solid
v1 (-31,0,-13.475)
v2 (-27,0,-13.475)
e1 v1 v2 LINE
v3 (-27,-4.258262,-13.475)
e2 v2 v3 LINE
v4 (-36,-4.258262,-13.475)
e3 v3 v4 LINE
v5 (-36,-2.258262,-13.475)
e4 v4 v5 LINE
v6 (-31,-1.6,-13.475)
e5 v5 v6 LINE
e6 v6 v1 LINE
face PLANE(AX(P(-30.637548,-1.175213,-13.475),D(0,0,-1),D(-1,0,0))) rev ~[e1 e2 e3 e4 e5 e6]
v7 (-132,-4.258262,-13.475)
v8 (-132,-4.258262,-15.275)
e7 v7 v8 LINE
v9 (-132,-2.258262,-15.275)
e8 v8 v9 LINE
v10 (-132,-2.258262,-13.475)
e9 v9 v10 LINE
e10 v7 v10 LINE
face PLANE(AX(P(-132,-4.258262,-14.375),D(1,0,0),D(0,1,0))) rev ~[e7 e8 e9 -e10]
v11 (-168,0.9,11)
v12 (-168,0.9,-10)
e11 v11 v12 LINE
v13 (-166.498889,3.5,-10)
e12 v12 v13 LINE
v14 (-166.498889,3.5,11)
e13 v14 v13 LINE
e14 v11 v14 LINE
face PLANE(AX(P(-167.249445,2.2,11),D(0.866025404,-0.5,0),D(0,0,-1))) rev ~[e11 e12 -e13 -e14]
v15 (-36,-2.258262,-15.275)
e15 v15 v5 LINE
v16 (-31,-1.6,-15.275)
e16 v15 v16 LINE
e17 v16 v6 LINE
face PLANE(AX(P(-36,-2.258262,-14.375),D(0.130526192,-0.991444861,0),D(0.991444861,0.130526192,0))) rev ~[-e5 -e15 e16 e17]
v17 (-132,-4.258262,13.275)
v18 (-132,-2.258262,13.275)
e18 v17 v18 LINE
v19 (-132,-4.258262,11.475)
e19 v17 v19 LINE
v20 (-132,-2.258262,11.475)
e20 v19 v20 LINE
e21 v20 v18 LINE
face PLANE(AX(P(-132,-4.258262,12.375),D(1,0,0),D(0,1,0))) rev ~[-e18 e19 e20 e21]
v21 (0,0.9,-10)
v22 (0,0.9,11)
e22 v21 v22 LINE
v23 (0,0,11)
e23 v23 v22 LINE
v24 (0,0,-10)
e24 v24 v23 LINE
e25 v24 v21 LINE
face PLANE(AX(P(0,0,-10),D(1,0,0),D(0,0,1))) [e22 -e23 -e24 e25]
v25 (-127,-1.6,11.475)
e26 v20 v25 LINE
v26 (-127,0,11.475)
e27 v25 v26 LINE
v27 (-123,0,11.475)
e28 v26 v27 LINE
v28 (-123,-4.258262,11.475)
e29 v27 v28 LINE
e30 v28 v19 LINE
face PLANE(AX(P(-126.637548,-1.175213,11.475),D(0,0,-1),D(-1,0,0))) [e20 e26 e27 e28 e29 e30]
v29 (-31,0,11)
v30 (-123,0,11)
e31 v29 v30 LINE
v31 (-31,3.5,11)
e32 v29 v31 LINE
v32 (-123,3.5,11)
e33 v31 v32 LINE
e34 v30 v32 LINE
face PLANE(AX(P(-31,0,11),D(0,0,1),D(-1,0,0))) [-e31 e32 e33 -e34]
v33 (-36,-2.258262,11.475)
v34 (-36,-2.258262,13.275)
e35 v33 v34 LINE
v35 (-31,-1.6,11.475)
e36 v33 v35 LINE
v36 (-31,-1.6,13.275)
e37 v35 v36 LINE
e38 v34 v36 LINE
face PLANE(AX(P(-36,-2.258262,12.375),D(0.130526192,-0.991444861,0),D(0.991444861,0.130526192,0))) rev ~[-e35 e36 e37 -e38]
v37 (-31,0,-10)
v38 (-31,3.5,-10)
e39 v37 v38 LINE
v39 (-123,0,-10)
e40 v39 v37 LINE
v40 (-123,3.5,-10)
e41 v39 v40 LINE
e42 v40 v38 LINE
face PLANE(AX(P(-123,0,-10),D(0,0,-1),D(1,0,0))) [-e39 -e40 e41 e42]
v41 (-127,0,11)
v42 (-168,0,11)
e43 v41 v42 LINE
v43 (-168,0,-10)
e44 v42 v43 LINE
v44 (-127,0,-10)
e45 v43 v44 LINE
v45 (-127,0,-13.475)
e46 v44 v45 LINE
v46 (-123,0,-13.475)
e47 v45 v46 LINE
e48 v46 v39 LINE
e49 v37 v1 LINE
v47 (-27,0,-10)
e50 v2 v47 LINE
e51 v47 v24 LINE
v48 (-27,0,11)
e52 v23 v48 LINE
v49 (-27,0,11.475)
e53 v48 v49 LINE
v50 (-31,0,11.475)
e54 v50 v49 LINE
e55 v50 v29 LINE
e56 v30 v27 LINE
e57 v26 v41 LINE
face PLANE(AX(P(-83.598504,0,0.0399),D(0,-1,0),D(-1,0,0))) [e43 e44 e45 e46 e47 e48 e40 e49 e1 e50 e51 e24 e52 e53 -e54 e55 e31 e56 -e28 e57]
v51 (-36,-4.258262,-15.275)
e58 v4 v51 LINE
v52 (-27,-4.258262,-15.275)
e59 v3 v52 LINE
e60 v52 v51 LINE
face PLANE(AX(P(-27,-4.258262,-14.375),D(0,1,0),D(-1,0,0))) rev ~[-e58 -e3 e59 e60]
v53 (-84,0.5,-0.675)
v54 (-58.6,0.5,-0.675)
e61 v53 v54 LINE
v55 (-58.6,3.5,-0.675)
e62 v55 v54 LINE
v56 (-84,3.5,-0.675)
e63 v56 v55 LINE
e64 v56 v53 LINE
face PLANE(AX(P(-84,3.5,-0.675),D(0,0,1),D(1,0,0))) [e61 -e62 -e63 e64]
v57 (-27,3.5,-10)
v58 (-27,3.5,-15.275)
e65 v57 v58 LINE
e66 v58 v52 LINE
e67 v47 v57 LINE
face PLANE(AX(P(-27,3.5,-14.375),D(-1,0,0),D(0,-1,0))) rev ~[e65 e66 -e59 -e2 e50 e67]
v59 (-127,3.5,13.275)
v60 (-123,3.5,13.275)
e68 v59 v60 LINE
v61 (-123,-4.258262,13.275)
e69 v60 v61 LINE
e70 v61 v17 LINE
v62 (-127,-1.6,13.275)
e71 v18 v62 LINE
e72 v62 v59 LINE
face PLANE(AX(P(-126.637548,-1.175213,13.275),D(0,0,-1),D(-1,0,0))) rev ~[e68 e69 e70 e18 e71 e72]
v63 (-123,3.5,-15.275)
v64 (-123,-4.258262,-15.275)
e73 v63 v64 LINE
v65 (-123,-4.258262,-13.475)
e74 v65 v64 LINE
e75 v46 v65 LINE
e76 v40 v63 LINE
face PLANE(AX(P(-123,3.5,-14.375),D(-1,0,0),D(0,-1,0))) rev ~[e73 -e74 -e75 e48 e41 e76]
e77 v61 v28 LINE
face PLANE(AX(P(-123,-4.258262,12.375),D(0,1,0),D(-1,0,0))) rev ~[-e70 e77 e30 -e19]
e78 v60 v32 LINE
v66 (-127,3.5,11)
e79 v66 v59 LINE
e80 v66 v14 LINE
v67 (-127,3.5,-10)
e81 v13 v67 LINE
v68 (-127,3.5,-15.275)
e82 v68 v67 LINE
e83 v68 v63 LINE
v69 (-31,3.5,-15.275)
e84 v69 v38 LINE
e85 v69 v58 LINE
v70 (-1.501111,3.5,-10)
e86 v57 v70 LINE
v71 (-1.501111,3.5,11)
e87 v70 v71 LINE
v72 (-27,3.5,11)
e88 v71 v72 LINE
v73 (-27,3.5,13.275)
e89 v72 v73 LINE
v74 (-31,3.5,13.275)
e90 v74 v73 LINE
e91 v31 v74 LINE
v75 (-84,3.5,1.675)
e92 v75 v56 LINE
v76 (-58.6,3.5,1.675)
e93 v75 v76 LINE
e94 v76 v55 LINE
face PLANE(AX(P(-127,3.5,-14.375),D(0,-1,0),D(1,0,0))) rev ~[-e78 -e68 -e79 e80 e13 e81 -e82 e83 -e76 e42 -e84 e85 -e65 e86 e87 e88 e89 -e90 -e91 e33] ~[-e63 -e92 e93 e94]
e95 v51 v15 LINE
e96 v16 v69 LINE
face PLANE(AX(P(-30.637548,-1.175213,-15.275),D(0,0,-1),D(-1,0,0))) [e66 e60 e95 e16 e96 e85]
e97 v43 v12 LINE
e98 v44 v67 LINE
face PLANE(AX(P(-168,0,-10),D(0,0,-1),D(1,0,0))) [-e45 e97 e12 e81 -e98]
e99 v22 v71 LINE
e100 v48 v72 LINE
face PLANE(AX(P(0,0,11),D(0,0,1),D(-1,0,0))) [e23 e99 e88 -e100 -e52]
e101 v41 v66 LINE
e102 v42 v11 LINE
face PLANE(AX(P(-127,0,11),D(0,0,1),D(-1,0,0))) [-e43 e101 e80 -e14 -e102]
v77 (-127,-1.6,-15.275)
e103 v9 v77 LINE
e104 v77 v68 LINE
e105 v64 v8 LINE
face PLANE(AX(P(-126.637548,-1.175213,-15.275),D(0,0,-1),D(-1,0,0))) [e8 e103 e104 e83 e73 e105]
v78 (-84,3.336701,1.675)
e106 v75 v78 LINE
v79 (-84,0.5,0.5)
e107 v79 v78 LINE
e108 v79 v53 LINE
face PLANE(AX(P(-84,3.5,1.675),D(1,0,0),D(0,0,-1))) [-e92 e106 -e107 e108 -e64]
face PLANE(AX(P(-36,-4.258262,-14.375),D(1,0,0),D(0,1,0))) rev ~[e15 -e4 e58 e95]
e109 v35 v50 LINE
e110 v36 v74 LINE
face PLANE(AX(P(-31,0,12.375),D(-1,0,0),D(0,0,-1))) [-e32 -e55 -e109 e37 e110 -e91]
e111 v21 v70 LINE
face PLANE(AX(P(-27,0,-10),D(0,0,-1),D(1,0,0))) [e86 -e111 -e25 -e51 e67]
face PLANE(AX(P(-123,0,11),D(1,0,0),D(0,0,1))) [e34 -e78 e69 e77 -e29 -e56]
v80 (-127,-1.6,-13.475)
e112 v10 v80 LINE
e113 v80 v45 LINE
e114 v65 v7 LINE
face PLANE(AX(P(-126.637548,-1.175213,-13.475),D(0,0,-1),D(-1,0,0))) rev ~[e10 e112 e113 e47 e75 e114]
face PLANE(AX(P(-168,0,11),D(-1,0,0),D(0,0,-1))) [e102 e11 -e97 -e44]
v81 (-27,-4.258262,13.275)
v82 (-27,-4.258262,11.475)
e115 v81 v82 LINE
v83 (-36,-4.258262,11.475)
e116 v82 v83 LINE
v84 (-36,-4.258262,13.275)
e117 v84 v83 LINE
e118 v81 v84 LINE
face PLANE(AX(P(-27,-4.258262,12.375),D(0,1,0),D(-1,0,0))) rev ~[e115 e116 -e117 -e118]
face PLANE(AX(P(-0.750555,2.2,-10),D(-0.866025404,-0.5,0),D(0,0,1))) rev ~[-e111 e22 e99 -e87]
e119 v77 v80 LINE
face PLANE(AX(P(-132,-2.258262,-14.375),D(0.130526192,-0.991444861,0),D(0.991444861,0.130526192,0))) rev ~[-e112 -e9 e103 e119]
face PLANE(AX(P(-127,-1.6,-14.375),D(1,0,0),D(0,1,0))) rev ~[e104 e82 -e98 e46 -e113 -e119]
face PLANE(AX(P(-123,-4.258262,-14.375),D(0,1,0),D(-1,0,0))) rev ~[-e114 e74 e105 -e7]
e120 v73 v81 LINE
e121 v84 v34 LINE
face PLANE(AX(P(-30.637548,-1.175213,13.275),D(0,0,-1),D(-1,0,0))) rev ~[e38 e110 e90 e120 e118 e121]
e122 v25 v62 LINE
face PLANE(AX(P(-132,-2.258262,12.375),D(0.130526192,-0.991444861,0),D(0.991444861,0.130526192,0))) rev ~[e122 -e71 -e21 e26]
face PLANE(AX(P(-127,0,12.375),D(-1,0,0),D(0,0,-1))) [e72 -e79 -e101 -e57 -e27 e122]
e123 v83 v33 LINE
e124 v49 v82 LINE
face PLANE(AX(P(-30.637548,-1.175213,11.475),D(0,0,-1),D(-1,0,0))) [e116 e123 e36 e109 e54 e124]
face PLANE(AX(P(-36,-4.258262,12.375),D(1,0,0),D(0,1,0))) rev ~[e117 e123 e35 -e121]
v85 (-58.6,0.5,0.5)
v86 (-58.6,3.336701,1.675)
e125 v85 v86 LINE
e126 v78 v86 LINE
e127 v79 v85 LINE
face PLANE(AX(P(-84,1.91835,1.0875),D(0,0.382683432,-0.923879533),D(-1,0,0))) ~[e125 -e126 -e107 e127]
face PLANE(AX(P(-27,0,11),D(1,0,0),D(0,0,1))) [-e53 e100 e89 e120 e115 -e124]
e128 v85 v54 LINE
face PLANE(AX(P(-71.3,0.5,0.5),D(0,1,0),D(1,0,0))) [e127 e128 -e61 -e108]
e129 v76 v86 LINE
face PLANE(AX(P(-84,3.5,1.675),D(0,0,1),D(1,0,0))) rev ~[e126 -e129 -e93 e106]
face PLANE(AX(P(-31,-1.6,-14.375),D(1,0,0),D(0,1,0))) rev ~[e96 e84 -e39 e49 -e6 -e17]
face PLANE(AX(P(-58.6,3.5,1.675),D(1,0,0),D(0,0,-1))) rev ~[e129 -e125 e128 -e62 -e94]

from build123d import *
from OCP.BRepFilletAPI import BRepFilletAPI_MakeChamfer

# Parameters (mm, degrees)
THICKNESS_EXTRUDE_DEPTH     = 3.5
HOOK_1_EXTRUDE_DEPTH        = 0.9
HOOK_START                  = -26.75
HOOK_2_EXTRUDE_DEPTH        = 0.9
HOOK_PATTERN_COUNT          = 2
HOOK_PATTERN_PITCH          = 96
HANDLE_SKETCH_W             = 25.4
HANDLE_SKETCH_H             = 2.35
HANDLE_SLOT_CUT_DEPTH       = 3
HANDLE_SLOT_CHAMFER_1_SIZE  = 1.175
HANDLE_SLOT_CHAMFER_1_SIZE2 = 2.836700936
END_CHAMFERS_SIZE           = 2.6
END_CHAMFERS_SIZE2          = 1.5011107


with BuildPart() as part:
    # Top Sketch → Thickness Extrude (new body)
    with BuildSketch(Plane(origin=(0, 0, 0), x_dir=(1, 0, 0), z_dir=(0, 1, 0))):
        Polygon((-27, -11), (-27, -12.375), (-31, -12.375), (-31, -11), (-123, -11), (-123, -12.375), (-127, -12.375), (-127, -11), (-168, -11), (-168, 10), (-127, 10), (-127, 14.375), (-123, 14.375), (-123, 10), (-31, 10), (-31, 14.375), (-27, 14.375), (-27, 10), (0, 10), (0, -11), align=None)
    extrude(amount=THICKNESS_EXTRUDE_DEPTH)


with BuildPart() as body_2:
    # Hook Sketch → Hook 1 Extrude (new, symmetric)
    with BuildSketch(Plane.XY.offset(12.375)):
        Polygon((-31, 3.5), (-27, 3.5), (-27, -4.258262488), (-36, -4.258262488), (-36, -2.258262488), (-31, -1.6), align=None)
    hook_1_extrude = extrude(amount=HOOK_1_EXTRUDE_DEPTH, both=True)


with BuildPart() as body_3:
    # Hook Sketch<2> → Hook 2 Extrude (new, symmetric)
    with BuildSketch(Plane.XY.offset(12.375).offset(HOOK_START)):
        Polygon((-31, 3.5), (-27, 3.5), (-27, -4.258262488), (-36, -4.258262488), (-36, -2.258262488), (-31, -1.6), align=None)
    hook_2_extrude = extrude(amount=HOOK_2_EXTRUDE_DEPTH, both=True)


with BuildPart() as hook_pattern_1:
    # Hook Pattern: pattern copy
    add(hook_1_extrude.moved(Location(Vector(-1, 0, 0) * (1 * HOOK_PATTERN_PITCH))))


with BuildPart() as hook_pattern_2:
    # Hook Pattern: pattern copy
    add(hook_2_extrude.moved(Location(Vector(-1, 0, 0) * (1 * HOOK_PATTERN_PITCH))))


with BuildPart() as part_1:
    add(part.part)

    # Combine Bodies: union body 2, body 3, Hook Pattern_1, Hook Pattern_2
    add(body_2.part)
    add(body_3.part)
    add(hook_pattern_1.part)
    add(hook_pattern_2.part)

    # Handle Sketch → Handle Slot Cut (cut)
    with BuildSketch(Plane(origin=(0, 3.5, 0), x_dir=(1, 0, 0), z_dir=(0, 1, 0))):
        with Locations((-71.3, -0.5)):
            Rectangle(HANDLE_SKETCH_W, HANDLE_SKETCH_H)
    extrude(amount=-HANDLE_SLOT_CUT_DEPTH, mode=Mode.SUBTRACT)

    # Handle Slot Chamfer 1
    handle_slot_chamfer_1_edges = [part_1.edges().sort_by_distance(p)[0] for p in [
        (-71.3, 0.5, 1.675),
    ]]
    handle_slot_chamfer_1_side = [part_1.faces().sort_by_distance(p)[0] for p in [
        (-71.3, 0.5, 0.5),
    ]]
    chamfer(handle_slot_chamfer_1_edges, length=HANDLE_SLOT_CHAMFER_1_SIZE, length2=HANDLE_SLOT_CHAMFER_1_SIZE2, reference=handle_slot_chamfer_1_side[0])

    # End Chamfers: one chamfer whose edges measure the first distance from different faces: ONE call of the kernel's chamfer builder (chamfer() names one face for all edges)
    end_chamfers_edges_1 = [part_1.edges().sort_by_distance(p)[0] for p in [
        (0, 3.5, 0.5),
    ]]
    end_chamfers_side_1 = [part_1.faces().sort_by_distance(p)[0] for p in [
        (0, 1.75, 0.5),
    ]]
    end_chamfers_edges_2 = [part_1.edges().sort_by_distance(p)[0] for p in [
        (-168, 3.5, 0.5),
    ]]
    end_chamfers_side_2 = [part_1.faces().sort_by_distance(p)[0] for p in [
        (-168, 1.75, 0.5),
    ]]
    end_chamfers = BRepFilletAPI_MakeChamfer(part_1.part.solid().wrapped)
    for e in end_chamfers_edges_1:
        end_chamfers.Add(END_CHAMFERS_SIZE, END_CHAMFERS_SIZE2, e.wrapped, end_chamfers_side_1[0].wrapped)  # the first distance lies on this face
    for e in end_chamfers_edges_2:
        end_chamfers.Add(END_CHAMFERS_SIZE, END_CHAMFERS_SIZE2, e.wrapped, end_chamfers_side_2[0].wrapped)  # the first distance lies on this face
    add(Compound.cast(end_chamfers.Shape()), mode=Mode.REPLACE)


solid = part_1.part
